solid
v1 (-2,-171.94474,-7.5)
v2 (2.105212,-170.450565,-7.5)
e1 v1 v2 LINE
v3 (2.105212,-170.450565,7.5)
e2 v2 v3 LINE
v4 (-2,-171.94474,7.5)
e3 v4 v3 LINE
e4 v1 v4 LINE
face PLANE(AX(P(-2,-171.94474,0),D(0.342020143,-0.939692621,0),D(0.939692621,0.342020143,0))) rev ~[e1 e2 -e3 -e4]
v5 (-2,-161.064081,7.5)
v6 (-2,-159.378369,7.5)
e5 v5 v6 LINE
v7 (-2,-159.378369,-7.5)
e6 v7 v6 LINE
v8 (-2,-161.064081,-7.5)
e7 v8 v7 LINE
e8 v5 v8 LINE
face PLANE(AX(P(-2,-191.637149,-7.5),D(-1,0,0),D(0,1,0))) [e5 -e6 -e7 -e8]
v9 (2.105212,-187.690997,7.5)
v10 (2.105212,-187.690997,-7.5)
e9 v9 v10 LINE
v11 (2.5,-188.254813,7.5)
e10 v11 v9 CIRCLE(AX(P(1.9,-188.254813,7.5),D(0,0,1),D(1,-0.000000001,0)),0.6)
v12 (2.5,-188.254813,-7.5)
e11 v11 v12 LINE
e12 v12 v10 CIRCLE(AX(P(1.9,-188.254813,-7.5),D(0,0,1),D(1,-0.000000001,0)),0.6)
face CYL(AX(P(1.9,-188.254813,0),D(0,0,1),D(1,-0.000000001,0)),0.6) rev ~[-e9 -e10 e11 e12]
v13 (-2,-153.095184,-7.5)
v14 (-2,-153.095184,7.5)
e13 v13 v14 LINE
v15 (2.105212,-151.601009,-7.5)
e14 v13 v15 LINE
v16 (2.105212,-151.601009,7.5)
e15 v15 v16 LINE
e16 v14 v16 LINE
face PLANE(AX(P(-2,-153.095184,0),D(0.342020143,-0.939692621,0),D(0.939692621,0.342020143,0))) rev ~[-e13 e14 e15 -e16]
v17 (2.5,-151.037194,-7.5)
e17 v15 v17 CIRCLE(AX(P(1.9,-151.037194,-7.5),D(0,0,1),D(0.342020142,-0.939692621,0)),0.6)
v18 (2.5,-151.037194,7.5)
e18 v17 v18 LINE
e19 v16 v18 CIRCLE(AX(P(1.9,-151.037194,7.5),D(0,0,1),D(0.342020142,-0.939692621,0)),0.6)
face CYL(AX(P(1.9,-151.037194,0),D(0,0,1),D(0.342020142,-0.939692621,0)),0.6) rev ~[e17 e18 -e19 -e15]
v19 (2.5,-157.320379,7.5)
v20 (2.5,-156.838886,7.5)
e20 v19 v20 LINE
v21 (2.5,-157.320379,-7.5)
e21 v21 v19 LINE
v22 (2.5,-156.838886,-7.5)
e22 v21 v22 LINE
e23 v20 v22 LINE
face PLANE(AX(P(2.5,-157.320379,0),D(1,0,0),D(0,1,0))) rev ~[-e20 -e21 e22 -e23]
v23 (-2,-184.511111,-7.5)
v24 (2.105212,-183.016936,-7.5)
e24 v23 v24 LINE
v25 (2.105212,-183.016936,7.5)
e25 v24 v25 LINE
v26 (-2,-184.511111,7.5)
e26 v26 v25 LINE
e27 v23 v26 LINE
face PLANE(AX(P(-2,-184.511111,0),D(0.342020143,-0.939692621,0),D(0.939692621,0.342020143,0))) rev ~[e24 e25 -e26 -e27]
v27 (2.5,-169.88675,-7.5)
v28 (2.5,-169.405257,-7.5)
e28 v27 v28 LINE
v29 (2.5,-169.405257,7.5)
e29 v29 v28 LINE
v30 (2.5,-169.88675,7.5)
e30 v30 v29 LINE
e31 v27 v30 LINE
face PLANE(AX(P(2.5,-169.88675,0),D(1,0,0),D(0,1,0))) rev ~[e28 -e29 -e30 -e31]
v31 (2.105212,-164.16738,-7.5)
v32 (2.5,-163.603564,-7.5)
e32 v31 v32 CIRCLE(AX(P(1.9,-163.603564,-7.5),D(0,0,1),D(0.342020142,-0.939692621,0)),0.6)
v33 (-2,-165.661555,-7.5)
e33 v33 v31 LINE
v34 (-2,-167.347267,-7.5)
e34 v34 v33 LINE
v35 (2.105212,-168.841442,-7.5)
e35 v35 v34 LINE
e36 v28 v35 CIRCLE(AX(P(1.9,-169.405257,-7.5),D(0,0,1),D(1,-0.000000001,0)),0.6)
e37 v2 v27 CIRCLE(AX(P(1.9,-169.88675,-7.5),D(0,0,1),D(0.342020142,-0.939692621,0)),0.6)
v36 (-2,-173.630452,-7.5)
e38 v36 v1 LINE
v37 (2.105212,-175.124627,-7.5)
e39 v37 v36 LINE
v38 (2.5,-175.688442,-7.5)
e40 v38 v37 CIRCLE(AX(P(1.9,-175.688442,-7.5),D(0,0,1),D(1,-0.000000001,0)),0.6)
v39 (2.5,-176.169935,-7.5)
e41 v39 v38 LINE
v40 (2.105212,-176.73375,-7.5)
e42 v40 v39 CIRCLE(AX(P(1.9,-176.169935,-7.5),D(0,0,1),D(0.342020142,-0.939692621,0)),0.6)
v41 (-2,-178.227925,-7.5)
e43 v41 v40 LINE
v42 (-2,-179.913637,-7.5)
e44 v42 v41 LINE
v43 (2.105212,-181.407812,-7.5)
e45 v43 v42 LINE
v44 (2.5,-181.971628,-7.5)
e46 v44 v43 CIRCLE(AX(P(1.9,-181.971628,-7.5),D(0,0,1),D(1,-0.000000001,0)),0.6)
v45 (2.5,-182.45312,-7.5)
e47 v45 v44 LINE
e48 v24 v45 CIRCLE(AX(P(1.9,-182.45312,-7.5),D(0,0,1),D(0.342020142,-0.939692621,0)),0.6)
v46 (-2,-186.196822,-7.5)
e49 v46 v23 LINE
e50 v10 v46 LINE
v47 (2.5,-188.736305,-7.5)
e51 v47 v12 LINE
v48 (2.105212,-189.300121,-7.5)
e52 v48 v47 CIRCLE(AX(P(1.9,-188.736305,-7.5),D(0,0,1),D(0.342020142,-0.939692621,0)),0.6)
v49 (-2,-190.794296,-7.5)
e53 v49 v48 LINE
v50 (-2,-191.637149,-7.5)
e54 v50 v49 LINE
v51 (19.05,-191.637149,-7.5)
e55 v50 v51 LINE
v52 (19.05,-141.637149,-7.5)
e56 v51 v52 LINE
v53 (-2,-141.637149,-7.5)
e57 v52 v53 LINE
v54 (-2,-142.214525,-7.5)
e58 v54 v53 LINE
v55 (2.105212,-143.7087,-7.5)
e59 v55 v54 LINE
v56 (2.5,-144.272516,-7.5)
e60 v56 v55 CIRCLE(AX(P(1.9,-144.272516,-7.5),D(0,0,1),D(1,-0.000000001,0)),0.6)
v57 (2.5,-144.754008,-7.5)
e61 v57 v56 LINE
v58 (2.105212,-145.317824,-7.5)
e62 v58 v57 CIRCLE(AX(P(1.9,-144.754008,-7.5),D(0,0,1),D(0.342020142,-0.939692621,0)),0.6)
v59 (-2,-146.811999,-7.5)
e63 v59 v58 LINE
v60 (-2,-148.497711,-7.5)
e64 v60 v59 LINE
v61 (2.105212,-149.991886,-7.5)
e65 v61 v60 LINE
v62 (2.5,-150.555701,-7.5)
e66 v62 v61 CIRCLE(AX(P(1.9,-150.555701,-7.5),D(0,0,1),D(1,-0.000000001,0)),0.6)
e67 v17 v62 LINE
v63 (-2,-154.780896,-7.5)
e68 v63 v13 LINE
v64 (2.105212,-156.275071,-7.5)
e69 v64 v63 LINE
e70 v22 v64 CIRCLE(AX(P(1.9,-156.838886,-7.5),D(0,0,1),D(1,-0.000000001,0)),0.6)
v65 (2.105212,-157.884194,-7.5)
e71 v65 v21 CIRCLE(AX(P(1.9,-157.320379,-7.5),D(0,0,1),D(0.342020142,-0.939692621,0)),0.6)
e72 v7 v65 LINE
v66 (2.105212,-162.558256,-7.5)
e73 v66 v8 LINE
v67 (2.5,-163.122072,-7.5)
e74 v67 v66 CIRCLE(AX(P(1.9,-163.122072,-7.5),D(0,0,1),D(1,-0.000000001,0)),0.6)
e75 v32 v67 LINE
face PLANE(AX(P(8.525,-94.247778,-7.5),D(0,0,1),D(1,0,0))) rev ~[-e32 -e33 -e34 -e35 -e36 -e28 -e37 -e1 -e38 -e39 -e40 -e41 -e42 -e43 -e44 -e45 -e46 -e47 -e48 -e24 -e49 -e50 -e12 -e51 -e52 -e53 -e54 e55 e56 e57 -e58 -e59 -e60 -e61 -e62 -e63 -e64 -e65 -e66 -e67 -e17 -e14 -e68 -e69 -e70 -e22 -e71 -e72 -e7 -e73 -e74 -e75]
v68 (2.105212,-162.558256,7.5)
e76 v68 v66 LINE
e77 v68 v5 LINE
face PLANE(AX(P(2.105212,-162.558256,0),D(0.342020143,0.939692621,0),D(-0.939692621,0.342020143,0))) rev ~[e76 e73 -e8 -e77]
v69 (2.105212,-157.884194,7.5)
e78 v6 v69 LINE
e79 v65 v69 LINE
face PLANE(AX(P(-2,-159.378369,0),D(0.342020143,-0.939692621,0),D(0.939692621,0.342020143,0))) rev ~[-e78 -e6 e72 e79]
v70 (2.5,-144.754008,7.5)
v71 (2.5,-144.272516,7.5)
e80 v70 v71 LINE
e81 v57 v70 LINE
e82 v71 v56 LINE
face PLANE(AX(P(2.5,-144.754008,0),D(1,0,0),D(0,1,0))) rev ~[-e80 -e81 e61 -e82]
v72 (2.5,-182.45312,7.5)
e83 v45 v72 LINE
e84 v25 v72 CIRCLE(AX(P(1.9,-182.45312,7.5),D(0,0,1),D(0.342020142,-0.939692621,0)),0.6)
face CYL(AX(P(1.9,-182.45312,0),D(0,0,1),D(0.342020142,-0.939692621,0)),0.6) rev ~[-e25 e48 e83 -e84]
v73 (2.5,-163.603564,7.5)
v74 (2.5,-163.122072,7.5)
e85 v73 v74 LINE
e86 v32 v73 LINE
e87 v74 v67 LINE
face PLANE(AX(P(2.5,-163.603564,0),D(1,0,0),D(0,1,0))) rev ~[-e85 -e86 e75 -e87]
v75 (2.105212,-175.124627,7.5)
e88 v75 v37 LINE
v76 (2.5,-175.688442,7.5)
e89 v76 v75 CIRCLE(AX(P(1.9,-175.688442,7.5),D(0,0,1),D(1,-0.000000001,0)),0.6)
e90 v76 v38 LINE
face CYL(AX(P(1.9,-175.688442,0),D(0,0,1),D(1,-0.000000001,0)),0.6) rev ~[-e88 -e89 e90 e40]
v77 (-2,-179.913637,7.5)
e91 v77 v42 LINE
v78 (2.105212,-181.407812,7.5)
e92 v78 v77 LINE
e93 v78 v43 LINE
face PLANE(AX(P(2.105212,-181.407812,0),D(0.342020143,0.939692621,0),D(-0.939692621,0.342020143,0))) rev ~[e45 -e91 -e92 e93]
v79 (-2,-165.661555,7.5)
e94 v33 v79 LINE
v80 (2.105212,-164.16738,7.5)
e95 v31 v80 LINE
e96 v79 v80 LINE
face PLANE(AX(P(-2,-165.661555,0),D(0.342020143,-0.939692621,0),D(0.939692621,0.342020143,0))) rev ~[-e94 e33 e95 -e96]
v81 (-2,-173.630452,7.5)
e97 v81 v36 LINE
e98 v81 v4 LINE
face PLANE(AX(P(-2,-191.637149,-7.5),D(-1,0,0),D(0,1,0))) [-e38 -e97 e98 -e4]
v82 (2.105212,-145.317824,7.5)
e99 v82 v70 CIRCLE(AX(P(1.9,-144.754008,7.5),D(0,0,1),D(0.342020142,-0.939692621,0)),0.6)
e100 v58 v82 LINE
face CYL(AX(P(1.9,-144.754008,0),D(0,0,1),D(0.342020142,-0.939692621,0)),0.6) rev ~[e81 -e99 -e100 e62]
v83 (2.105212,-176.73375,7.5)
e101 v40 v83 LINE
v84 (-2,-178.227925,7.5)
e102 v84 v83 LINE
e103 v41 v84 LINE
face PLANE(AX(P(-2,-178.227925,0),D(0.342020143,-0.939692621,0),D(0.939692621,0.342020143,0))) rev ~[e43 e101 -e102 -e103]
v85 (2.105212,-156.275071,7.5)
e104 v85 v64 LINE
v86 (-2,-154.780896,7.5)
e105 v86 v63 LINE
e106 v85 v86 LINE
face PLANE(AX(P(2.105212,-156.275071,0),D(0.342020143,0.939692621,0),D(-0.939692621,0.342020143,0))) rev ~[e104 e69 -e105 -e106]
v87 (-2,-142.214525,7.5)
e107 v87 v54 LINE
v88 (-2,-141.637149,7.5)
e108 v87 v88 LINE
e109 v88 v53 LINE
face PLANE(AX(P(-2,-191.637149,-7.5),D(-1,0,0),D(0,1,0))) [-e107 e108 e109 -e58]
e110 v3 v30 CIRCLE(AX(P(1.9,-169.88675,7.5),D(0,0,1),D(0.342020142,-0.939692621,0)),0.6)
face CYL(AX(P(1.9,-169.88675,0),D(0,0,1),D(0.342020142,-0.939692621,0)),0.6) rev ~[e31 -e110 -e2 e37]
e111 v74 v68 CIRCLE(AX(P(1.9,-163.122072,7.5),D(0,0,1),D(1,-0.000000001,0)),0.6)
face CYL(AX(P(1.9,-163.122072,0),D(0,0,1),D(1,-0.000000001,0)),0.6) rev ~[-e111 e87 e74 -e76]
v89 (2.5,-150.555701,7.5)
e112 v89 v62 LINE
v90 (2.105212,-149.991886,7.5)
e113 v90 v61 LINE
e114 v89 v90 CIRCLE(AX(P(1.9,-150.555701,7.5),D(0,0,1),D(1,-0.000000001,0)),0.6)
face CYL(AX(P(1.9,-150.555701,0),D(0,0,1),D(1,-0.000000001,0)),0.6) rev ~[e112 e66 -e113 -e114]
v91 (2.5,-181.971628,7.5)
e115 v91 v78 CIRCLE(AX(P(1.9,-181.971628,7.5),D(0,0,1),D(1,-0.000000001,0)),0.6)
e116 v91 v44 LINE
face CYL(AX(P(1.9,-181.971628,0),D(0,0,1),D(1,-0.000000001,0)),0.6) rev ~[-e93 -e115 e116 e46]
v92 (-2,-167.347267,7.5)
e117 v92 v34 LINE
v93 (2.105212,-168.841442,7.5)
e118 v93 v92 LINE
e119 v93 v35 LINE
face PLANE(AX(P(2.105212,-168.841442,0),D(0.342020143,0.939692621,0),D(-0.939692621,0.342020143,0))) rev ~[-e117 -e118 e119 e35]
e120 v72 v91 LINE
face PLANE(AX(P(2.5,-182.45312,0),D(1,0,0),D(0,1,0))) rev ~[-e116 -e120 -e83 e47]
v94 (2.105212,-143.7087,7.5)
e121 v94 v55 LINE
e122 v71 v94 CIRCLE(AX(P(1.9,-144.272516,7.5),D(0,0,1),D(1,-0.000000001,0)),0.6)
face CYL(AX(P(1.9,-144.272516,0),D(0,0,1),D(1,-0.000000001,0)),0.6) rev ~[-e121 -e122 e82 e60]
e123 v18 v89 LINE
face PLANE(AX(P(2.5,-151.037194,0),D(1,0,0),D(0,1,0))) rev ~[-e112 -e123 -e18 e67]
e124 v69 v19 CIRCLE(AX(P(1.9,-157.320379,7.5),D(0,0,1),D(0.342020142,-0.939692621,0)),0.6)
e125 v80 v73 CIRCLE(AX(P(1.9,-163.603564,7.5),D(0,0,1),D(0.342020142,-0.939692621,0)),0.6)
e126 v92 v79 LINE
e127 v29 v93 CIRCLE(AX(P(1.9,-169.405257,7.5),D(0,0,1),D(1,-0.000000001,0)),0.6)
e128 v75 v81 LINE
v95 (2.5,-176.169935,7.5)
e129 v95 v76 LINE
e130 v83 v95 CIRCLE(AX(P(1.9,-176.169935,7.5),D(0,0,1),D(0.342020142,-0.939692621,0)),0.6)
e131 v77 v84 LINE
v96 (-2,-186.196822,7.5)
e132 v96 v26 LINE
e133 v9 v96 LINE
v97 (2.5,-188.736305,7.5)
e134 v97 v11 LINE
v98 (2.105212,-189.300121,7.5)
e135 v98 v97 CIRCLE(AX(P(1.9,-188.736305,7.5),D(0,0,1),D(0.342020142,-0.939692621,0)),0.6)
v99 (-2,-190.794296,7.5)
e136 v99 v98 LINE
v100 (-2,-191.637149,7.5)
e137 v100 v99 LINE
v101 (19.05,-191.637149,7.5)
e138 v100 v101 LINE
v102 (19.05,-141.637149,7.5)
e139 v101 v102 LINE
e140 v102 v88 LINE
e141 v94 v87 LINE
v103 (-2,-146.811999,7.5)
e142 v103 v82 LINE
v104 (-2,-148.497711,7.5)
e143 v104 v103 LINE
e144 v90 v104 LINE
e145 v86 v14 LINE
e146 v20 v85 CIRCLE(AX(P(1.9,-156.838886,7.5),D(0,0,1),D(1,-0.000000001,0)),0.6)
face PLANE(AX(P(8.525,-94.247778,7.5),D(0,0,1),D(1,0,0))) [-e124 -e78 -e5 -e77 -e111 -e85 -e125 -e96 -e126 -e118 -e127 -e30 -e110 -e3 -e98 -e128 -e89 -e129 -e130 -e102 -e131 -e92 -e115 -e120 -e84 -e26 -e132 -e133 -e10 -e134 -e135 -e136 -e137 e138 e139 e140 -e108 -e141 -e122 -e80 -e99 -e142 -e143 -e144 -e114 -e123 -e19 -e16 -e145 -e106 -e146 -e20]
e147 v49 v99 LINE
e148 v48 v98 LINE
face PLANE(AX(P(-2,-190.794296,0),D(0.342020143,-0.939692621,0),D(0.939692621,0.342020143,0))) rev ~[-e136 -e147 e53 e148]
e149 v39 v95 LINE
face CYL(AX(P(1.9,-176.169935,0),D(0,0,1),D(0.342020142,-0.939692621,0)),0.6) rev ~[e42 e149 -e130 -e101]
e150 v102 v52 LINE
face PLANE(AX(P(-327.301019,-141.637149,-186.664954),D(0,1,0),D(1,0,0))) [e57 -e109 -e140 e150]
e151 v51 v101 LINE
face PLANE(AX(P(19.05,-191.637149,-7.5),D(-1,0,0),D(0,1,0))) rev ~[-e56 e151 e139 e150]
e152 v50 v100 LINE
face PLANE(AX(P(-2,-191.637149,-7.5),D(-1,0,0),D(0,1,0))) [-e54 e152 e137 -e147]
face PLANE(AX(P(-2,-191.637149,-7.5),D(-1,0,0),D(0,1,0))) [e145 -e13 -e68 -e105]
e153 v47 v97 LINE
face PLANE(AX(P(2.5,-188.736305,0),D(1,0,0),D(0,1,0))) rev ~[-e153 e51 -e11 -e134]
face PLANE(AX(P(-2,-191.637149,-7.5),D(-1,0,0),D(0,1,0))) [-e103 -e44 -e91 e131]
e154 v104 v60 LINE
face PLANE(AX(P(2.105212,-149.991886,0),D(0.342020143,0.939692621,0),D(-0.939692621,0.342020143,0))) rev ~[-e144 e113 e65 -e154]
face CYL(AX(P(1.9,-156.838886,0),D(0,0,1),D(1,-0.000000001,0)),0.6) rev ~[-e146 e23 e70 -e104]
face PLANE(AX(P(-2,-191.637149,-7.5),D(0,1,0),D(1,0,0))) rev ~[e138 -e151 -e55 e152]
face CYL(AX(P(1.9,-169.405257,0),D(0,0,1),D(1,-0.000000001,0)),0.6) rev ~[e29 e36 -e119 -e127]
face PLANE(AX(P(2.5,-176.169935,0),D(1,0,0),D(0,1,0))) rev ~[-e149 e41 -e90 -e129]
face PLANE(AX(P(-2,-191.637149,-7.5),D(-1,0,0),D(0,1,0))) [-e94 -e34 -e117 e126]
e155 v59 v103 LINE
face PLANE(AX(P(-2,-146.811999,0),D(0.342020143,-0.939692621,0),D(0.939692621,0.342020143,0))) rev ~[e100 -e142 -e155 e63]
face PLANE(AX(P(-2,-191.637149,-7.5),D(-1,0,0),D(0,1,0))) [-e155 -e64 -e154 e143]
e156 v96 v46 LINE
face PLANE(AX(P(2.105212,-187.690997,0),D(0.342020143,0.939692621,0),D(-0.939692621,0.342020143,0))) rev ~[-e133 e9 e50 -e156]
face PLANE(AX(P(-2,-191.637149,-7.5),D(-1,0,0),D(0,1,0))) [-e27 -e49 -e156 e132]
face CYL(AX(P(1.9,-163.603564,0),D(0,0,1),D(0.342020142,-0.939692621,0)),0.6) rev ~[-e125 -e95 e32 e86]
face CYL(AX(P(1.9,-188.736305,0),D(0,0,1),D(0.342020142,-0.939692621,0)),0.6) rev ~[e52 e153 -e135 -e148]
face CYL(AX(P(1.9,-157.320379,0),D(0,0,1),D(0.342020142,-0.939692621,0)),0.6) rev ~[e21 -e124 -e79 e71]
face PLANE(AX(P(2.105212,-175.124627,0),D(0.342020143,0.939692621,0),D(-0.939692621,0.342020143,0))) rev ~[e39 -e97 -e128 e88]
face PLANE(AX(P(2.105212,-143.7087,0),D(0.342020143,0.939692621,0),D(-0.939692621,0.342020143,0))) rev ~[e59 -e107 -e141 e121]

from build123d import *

# Parameters (mm, degrees)
CI_DEPTH                   = 7.5
CI_DEPTH_BACK              = 7.5
SKETCHCI_M_STRSKETCHNAME_W = 21.04999997
SKETCHCI_M_STRSKETCHNAME_H = 194.778741597
CUT_EXTRUDE_522_DEPTH      = 7.5
PATTERN_LINEAR_579_COUNT   = 31
PATTERN_LINEAR_579_PITCH   = 6.283185307
EXTRUDE3_DEPTH             = 194.164953792
EXTRUDE3_DEPTH_BACK        = 194.164953792


with BuildPart() as part:
    # SketchCI.m_strSketchName → 拉伸CI (new, two sides: drawn at the far end of the back side and taken through both)
    with BuildSketch(Plane.XY.offset(-CI_DEPTH_BACK)):
        with Locations((8.525000015, -94.247778193)):
            Rectangle(SKETCHCI_M_STRSKETCHNAME_W, SKETCHCI_M_STRSKETCHNAME_H)
    extrude(amount=CI_DEPTH + CI_DEPTH_BACK)

    # Sketch 415 → Cut-Extrude 522 (cut, symmetric)
    with BuildSketch(Plane.XY):
        with BuildLine():
            Line((-1.99999997, 2.298736761), (-1.99999997, -2.298736761))
            Line((-1.99999997, -2.298736761), (2.105212054, -0.804561779))
            ThreePointArc((2.105212054, -0.804561779), (2.391491191, -0.584892071), (2.499999962, -0.240746215))
            Line((2.499999962, -0.240746215), (2.499999962, 0.240746215))
            ThreePointArc((2.499999962, 0.240746215), (2.391491191, 0.584892071), (2.105212054, 0.804561779))
            Line((2.105212054, 0.804561779), (-1.99999997, 2.298736761))
        make_face()
    cut_extrude_522 = extrude(amount=CUT_EXTRUDE_522_DEPTH, both=True, mode=Mode.SUBTRACT)

    # Pattern Linear 579: Cut-Extrude 522 ×31
    with Locations(*[(0, -i * PATTERN_LINEAR_579_PITCH, 0) for i in range(1, PATTERN_LINEAR_579_COUNT)]):
        add(cut_extrude_522, mode=Mode.SUBTRACT)

    # Sketch4 → Extrude3 (cut, two sides: drawn at the far end of the back side and taken through both)
    with BuildSketch(Plane.XY.offset(7.5).offset(-EXTRUDE3_DEPTH_BACK)):
        Polygon((328.075571379, -141.637148991), (19.05, -141.637148991), (-18.275447969, -141.637148991), (-327.301019347, -141.637148991), (-327.301019347, 476.413993766), (328.075571379, 476.413993766), align=None)
    extrude(amount=EXTRUDE3_DEPTH + EXTRUDE3_DEPTH_BACK, mode=Mode.SUBTRACT)


solid = part.part
